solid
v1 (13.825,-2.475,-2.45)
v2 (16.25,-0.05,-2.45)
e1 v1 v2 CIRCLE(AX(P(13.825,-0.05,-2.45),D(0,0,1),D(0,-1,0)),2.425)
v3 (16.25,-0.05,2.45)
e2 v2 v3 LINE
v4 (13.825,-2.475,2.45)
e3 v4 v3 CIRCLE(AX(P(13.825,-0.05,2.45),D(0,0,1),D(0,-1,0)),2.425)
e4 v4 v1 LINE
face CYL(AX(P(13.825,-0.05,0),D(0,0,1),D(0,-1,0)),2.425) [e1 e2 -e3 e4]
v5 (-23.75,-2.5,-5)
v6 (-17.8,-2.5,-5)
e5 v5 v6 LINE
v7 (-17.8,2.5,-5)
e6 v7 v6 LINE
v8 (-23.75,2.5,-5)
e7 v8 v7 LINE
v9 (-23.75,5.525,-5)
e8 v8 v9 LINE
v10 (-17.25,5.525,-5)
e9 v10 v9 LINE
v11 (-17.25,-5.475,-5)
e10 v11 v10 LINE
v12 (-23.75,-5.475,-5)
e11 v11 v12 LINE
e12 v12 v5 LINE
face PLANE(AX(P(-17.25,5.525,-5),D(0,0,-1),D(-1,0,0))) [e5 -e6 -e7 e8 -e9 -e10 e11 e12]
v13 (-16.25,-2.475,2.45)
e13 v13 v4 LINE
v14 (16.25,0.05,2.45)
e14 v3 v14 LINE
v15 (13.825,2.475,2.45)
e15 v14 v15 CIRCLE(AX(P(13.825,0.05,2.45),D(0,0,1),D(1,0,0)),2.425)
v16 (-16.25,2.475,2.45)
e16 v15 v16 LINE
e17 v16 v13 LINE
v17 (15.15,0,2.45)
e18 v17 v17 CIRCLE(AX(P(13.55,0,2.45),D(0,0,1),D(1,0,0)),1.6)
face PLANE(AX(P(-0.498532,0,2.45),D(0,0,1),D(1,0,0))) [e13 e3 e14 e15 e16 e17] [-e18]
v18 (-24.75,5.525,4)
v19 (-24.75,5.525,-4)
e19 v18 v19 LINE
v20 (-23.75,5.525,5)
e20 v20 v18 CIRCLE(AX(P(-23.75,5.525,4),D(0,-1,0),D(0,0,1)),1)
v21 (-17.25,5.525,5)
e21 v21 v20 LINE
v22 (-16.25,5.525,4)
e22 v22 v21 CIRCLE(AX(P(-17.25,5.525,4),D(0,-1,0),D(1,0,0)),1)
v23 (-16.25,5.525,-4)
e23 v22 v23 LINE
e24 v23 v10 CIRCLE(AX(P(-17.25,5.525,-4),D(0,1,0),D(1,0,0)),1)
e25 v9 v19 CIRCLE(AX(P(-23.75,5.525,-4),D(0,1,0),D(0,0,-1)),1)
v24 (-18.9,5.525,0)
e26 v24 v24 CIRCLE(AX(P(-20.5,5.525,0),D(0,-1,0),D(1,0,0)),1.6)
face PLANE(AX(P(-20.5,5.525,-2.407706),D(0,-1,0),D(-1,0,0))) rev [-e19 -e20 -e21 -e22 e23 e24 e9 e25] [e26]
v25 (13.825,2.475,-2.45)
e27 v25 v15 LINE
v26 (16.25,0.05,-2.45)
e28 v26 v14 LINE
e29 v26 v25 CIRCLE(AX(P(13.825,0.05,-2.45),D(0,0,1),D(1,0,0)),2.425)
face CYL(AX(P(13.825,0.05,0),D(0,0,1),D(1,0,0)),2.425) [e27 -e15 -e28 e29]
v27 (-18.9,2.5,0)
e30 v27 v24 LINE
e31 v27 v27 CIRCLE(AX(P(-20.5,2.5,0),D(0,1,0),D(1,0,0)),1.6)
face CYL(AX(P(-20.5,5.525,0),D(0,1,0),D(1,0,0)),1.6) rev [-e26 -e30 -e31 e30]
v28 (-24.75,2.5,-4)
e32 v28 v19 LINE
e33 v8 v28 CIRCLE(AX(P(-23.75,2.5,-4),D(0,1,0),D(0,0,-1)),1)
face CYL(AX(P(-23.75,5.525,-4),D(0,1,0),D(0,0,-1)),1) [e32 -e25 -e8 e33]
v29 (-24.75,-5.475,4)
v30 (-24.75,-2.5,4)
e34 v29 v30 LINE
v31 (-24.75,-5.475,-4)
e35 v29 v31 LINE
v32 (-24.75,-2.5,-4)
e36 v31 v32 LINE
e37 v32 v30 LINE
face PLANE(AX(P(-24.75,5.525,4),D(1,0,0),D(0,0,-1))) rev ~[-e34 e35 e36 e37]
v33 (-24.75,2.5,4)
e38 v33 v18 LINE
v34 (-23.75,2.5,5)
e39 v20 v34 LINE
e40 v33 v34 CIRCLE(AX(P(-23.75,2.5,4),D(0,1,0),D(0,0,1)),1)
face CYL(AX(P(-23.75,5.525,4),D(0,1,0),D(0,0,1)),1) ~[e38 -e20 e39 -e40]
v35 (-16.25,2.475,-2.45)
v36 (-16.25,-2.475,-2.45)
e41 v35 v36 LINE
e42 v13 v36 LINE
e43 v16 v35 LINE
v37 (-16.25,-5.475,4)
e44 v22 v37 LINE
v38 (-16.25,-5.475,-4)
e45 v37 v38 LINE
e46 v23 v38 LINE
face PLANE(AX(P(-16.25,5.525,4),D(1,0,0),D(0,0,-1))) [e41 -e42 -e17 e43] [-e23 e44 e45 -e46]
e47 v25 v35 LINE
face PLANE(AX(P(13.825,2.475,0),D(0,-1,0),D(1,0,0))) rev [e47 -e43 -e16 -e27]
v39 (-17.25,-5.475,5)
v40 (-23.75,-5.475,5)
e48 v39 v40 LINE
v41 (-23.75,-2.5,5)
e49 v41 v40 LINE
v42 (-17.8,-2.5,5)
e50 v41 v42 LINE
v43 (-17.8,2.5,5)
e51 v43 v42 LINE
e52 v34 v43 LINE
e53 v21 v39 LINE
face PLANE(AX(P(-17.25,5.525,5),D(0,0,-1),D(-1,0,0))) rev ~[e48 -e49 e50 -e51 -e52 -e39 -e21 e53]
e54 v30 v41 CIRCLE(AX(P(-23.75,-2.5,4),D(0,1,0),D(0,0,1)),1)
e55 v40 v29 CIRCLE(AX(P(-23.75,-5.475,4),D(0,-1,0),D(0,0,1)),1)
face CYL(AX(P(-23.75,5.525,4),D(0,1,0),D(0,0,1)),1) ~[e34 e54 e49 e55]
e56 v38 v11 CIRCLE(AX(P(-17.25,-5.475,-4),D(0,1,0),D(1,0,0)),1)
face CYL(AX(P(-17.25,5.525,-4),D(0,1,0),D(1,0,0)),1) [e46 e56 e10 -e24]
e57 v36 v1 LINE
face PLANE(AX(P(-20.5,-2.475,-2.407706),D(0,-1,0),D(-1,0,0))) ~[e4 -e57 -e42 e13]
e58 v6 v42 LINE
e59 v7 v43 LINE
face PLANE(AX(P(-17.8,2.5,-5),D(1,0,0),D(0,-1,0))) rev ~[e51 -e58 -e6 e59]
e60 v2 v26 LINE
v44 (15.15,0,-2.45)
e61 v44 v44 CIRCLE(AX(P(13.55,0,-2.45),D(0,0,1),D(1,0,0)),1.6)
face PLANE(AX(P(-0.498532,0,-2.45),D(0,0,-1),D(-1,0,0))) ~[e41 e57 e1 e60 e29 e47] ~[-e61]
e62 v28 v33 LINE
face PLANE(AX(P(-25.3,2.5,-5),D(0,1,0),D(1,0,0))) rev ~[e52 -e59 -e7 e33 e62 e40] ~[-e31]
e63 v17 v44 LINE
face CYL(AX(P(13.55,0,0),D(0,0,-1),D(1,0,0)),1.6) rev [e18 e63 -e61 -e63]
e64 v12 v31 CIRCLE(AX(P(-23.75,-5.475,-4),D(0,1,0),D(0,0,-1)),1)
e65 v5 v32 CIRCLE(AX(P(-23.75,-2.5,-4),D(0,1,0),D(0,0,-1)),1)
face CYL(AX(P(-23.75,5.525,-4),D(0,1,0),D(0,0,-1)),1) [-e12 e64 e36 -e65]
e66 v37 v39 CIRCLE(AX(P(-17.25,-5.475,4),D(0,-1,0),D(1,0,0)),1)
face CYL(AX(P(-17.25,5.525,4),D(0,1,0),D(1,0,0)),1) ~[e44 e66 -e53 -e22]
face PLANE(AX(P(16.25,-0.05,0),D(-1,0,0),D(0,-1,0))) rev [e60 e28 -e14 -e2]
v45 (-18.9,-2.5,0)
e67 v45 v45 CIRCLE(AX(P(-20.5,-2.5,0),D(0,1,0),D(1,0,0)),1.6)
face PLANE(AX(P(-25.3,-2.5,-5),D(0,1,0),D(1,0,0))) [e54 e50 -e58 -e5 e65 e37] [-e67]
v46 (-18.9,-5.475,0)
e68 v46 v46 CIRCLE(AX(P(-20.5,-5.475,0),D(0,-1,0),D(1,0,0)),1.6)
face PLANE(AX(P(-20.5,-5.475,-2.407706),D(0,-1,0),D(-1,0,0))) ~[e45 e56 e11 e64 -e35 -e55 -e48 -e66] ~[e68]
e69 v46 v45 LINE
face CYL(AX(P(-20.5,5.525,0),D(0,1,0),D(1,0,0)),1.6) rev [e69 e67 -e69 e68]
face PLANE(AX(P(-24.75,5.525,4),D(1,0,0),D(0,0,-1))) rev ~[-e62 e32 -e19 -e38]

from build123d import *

# Parameters (mm, degrees)
F0_R      = 1.6
F1_DEPTH  = 2.45
F4_DEPTH  = 8
F6_R      = 1.6
F7_DEPTH  = 25
F8_DEPTH  = 11
F9_W      = 7.5
F9_H      = 2.5
F10_DEPTH = 14.29


with BuildPart() as f1:
    # F0 (on Top) → F1 (new body)
    with BuildSketch(Plane.XY):
        with BuildLine():
            Line((-6.325, -2.475), (13.825, -2.475))
            ThreePointArc((13.825, -2.475), (15.5397339444, -1.7647339444), (16.25, -0.05))
            Line((16.25, -0.05), (16.25, 0.05))
            ThreePointArc((16.25, 0.05), (15.5397339444, 1.7647339444), (13.825, 2.475))
            Line((13.825, 2.475), (-6.325, 2.475))
            Line((-6.325, 2.475), (-8.75, 2.475))
            Line((-8.75, 2.475), (-13.825, 2.475))
            Line((-13.825, 2.475), (-16.25, 2.475))
            Line((-16.25, 2.475), (-16.25, -2.475))
            Line((-16.25, -2.475), (-13.825, -2.475))
            Line((-13.825, -2.475), (-6.325, -2.475))
        make_face()
        with Locations((13.55, 0)):
            Circle(F0_R, mode=Mode.SUBTRACT)
    extrude(amount=F1_DEPTH)

    # F2: F1 across plane


with BuildPart() as f1_1:
    add(f1.part)
    add(f1.part.mirror(Plane.XY))

    # F3 (on face) → F4 (join)
    with BuildSketch(Plane.XZ.offset(2.475)):
        with BuildLine():
            Line((-24.75, 0), (-16.25, 0))
            Line((-16.25, 0), (-16.25, 2.45))
            Line((-16.25, 2.45), (-16.25, 4))
            ThreePointArc((-16.25, 4), (-16.5428932188, 4.7071067812), (-17.25, 5))
            Line((-17.25, 5), (-23.75, 5))
            ThreePointArc((-23.75, 5), (-24.4571067812, 4.7071067812), (-24.75, 4))
            Line((-24.75, 4), (-24.75, 0))
        make_face()
    extrude(amount=-F4_DEPTH)

    # F5: F1 across plane


with BuildPart() as f1_2:
    add(f1_1.part)
    add(f1_1.part.mirror(Plane.XY))

    # F6 (on face) → F7 (cut)
    with BuildSketch(Plane.XZ.offset(2.475)):
        with Locations((-20.5, 0)):
            Circle(F6_R)
    extrude(amount=-F7_DEPTH, mode=Mode.SUBTRACT)

    # F8 (add): a face of the model
    f8_faces = [f1_2.faces().sort_by_distance(p)[0] for p in [
        (-24.3643032252, 5.525, 4.6143032252),
    ]]
    extrude(f8_faces, amount=-F8_DEPTH)

    # F9 (on face) → F10 (cut)
    with BuildSketch(Plane(origin=(0, 0, -5), x_dir=(1, 0, 0), z_dir=(0, 0, -1))):
        with Locations((-21.55, 1.25)):
            Rectangle(F9_W, F9_H)
        with Locations((-21.55, -1.25)):
            Rectangle(F9_W, F9_H)
    extrude(amount=-F10_DEPTH, mode=Mode.SUBTRACT)


solid = f1_2.part
